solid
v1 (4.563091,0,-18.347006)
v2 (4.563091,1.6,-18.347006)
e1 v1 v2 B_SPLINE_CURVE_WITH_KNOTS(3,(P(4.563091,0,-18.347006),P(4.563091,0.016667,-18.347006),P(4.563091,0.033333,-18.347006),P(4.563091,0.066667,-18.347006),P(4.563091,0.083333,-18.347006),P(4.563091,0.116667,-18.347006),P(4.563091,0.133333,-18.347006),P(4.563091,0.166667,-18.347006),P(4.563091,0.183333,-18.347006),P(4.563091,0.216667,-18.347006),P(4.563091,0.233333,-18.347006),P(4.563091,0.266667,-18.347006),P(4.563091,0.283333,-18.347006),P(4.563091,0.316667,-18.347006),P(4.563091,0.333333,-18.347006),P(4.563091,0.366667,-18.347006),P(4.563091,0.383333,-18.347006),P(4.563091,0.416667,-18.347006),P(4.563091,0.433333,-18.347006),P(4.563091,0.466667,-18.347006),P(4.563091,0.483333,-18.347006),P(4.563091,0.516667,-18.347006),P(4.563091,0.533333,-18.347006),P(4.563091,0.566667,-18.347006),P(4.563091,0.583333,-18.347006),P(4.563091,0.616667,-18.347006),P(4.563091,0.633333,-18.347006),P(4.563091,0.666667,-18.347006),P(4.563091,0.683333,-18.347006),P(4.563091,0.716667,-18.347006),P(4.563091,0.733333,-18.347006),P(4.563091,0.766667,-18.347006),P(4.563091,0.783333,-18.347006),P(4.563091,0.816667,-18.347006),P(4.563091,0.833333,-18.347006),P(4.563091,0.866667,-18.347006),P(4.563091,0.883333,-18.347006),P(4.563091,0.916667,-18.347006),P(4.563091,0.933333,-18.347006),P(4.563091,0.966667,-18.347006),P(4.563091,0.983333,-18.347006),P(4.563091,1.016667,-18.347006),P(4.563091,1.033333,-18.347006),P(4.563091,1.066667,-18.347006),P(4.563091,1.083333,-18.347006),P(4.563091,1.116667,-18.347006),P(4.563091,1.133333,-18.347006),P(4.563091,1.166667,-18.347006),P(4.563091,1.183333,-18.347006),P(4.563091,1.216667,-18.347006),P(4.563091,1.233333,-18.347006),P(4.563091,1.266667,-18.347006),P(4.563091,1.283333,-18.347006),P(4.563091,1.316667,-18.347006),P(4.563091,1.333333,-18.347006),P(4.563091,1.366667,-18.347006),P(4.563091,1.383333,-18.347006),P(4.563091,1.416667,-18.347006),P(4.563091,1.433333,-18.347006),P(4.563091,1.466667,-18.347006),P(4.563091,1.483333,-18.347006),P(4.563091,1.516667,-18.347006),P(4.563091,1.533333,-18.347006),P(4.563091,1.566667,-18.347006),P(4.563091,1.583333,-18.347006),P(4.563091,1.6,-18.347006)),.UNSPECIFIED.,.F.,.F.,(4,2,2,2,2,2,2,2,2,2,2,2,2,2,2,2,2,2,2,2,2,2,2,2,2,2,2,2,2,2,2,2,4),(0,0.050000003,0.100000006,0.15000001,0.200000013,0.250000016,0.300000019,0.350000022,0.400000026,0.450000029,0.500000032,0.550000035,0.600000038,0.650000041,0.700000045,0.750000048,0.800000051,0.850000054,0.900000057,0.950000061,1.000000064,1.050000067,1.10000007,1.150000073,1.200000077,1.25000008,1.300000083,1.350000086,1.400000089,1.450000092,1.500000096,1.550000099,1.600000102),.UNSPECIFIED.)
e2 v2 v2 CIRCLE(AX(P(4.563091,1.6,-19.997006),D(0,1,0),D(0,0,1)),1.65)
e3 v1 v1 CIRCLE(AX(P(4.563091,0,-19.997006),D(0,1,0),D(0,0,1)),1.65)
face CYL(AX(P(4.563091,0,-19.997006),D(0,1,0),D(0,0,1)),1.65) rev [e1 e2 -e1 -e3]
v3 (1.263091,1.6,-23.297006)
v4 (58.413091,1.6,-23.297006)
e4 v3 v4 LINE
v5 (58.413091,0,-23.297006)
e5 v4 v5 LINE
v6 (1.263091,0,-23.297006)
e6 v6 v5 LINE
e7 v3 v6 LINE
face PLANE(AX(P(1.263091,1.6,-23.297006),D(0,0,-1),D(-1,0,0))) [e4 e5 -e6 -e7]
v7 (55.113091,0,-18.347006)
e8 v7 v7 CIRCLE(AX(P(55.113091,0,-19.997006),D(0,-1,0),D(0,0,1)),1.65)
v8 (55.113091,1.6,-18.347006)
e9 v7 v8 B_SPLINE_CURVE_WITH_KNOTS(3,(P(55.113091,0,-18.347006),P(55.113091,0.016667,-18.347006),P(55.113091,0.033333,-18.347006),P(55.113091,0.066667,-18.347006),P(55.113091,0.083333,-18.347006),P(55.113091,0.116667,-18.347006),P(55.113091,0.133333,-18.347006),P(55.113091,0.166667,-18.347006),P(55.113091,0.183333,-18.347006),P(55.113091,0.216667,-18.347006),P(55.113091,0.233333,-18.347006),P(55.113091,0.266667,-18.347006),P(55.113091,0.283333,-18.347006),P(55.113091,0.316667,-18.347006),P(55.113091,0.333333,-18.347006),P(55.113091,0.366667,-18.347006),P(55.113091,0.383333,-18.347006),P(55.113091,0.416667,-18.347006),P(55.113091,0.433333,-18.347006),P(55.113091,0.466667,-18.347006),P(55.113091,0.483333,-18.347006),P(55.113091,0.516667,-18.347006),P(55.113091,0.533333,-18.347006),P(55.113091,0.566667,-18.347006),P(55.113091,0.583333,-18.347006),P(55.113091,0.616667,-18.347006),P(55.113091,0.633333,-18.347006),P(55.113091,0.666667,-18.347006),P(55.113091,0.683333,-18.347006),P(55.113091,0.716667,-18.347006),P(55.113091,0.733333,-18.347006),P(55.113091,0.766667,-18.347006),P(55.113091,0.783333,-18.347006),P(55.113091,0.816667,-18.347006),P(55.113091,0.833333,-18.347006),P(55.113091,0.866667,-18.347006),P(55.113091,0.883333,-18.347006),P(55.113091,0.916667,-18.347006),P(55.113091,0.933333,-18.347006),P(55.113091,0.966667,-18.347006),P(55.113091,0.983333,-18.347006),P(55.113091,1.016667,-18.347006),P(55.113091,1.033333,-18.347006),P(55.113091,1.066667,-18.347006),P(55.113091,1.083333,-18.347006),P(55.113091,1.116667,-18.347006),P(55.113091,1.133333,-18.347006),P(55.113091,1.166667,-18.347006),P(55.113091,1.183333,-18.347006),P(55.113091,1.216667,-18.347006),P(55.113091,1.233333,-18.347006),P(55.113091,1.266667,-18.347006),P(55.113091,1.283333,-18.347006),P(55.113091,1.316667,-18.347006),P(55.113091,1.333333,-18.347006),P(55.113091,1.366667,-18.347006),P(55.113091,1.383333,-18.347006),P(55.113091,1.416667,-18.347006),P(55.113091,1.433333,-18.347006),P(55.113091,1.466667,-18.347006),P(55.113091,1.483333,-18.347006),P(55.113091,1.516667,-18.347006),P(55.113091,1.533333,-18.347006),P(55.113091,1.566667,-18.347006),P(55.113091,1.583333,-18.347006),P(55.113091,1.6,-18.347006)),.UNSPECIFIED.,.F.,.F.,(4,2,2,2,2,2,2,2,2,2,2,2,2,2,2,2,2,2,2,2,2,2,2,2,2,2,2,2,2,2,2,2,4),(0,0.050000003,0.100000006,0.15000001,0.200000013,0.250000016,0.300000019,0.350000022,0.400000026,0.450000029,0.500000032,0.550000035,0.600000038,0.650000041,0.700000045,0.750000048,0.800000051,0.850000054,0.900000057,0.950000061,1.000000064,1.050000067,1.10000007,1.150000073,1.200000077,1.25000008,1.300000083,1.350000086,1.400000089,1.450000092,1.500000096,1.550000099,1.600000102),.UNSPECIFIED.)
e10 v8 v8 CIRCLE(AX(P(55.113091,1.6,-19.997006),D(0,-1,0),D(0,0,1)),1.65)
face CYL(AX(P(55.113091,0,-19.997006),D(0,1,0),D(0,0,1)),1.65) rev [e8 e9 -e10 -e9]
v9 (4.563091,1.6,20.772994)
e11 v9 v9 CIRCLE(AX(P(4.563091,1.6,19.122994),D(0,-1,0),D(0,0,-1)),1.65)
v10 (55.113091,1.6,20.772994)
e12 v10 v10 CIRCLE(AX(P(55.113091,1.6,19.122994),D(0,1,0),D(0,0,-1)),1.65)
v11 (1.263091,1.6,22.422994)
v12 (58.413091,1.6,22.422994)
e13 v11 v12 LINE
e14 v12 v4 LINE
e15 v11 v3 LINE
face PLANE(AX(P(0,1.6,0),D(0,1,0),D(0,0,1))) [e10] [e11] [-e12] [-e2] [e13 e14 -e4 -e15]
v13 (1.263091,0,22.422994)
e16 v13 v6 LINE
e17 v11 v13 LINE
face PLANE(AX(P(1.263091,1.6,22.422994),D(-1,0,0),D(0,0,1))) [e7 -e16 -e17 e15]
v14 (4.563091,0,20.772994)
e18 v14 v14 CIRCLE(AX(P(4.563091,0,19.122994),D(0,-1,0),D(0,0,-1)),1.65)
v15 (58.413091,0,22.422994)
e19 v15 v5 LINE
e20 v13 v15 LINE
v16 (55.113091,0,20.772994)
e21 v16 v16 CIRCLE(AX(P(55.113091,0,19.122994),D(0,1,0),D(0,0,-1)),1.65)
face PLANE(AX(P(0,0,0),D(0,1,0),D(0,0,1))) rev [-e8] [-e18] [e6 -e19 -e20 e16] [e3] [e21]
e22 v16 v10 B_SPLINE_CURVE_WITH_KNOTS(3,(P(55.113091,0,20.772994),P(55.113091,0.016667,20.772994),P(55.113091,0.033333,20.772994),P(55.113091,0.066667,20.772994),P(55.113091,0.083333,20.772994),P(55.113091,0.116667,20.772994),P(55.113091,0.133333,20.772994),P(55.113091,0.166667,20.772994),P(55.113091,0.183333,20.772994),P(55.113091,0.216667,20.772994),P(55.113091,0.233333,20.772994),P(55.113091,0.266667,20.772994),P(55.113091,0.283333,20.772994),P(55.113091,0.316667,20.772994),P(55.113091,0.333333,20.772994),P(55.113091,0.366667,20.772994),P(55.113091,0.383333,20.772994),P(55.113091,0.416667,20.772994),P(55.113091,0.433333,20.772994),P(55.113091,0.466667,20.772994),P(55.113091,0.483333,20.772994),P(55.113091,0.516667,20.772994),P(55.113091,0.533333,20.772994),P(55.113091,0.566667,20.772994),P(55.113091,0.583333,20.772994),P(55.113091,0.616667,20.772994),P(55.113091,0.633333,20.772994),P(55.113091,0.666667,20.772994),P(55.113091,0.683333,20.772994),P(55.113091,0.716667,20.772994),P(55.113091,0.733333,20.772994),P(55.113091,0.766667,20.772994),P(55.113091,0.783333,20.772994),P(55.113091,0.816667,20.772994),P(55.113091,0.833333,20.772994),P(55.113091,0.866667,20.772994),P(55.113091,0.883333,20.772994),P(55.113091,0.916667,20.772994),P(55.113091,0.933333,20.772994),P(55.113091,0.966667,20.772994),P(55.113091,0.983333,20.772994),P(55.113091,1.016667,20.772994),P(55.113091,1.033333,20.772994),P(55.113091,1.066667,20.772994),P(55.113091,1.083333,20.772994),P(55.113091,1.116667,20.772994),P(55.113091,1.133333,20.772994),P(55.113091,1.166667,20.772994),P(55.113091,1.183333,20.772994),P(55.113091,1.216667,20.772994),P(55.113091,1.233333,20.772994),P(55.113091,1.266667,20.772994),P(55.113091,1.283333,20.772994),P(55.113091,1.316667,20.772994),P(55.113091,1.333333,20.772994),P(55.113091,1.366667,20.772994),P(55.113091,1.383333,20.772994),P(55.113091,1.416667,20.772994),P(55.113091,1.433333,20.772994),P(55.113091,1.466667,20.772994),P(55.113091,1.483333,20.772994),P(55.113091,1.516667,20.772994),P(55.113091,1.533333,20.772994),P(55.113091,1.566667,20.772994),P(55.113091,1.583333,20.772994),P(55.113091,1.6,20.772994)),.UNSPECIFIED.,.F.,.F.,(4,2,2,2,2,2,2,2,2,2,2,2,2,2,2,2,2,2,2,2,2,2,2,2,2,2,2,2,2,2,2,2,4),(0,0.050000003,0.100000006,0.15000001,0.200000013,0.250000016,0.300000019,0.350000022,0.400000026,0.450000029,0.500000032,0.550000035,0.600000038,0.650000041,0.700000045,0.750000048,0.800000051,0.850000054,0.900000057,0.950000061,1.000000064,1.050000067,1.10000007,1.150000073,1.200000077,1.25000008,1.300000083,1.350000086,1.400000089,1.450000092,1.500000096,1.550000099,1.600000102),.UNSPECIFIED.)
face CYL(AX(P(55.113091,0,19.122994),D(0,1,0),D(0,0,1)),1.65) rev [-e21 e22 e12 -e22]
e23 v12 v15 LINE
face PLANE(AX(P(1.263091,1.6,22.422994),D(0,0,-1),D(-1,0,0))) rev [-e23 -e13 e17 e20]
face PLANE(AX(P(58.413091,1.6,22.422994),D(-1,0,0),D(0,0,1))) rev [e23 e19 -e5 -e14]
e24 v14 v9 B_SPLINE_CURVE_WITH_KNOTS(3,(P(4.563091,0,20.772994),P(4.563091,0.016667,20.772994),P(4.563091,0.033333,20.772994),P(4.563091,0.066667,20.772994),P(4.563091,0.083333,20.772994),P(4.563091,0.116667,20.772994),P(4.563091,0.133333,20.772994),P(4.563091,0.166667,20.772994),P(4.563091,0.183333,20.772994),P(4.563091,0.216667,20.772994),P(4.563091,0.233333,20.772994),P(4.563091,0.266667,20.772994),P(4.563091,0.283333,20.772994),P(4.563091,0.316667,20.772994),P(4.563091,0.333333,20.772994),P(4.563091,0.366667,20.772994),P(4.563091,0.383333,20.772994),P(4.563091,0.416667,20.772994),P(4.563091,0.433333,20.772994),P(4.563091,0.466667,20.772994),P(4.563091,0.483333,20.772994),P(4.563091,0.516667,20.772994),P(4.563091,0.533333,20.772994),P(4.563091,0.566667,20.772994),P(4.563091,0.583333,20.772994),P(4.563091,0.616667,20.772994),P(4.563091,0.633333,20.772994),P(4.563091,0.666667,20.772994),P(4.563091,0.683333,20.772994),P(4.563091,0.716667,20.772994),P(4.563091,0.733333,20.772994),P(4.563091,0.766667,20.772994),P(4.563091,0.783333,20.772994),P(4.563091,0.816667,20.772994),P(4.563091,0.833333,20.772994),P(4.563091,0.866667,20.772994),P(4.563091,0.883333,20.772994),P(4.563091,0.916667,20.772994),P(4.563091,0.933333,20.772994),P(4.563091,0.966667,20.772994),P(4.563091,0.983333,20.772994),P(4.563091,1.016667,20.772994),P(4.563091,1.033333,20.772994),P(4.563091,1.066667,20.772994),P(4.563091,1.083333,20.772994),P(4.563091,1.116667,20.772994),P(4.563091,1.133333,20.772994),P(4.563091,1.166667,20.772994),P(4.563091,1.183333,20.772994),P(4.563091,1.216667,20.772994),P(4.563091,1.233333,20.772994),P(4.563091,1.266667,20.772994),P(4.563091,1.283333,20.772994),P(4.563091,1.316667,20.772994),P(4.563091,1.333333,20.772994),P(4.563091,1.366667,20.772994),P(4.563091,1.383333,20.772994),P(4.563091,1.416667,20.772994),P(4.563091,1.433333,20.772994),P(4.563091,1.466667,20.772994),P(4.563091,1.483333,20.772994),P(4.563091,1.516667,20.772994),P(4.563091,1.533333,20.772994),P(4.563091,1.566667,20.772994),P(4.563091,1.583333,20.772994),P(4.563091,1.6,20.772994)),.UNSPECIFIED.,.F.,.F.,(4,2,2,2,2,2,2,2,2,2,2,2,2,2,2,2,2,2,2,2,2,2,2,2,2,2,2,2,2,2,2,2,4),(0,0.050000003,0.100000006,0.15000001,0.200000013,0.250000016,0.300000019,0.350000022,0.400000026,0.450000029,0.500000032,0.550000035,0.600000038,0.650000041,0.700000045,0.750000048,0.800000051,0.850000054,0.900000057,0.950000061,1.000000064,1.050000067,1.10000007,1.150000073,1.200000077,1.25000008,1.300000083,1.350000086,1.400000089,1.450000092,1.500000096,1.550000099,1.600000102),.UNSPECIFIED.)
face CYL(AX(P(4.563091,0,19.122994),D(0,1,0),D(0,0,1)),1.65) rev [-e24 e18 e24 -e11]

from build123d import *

# Parameters (mm, degrees)
SKETCH1_W               = 57.15
SKETCH1_H               = 45.72
BOSS_EXTRUDE1_DEPTH     = 1.600000102
SKETCH2_R               = 1.65
CUT_EXTRUDE1_DEPTH      = 63.907866186
MIRROR3_COPY_1_SKETCH_R = 1.65
MIRROR3_COPY_1_DEPTH    = 63.907866186


with BuildPart() as part:
    # Sketch1 → Boss-Extrude1 (new body)
    with BuildSketch(Plane(origin=(0, 0, 0), x_dir=(1, 0, 0), z_dir=(0, 1, 0))):
        with Locations((29.838090662, 0.437005539)):
            Rectangle(SKETCH1_W, SKETCH1_H)
    extrude(amount=BOSS_EXTRUDE1_DEPTH)

    # Sketch2 → Cut-Extrude1 (cut, through all)
    with BuildSketch(Plane(origin=(0, 1.600000102, 0), x_dir=(1, 0, 0), z_dir=(0, 1, 0))):
        with Locations(Location((4.563090662, 19.997005539, 0), (0, 0, 270))):
            Circle(SKETCH2_R)
    cut_extrude1 = extrude(amount=-CUT_EXTRUDE1_DEPTH, mode=Mode.SUBTRACT)

    # Mirror1: Cut-Extrude1 across plane
    add(cut_extrude1.mirror(Plane.XY.offset(-0.437005539)), mode=Mode.SUBTRACT)

    # Mirror3: Cut-Extrude1 across plane
    add(cut_extrude1.mirror(Plane.ZY.offset(-29.838090662)), mode=Mode.SUBTRACT)

    # Mirror3 copy 1 sketch → Mirror3 copy 1 (cut, through all)
    with BuildSketch(Plane(origin=(59.676181324, 1.600000102, -0.874011079), x_dir=(-1, 0, 0), z_dir=(0, 1, 0))):
        with Locations(Location((4.563090662, 19.997005539, 0), (0, 0, 270))):
            Circle(MIRROR3_COPY_1_SKETCH_R)
    extrude(amount=-MIRROR3_COPY_1_DEPTH, mode=Mode.SUBTRACT)


solid = part.part
